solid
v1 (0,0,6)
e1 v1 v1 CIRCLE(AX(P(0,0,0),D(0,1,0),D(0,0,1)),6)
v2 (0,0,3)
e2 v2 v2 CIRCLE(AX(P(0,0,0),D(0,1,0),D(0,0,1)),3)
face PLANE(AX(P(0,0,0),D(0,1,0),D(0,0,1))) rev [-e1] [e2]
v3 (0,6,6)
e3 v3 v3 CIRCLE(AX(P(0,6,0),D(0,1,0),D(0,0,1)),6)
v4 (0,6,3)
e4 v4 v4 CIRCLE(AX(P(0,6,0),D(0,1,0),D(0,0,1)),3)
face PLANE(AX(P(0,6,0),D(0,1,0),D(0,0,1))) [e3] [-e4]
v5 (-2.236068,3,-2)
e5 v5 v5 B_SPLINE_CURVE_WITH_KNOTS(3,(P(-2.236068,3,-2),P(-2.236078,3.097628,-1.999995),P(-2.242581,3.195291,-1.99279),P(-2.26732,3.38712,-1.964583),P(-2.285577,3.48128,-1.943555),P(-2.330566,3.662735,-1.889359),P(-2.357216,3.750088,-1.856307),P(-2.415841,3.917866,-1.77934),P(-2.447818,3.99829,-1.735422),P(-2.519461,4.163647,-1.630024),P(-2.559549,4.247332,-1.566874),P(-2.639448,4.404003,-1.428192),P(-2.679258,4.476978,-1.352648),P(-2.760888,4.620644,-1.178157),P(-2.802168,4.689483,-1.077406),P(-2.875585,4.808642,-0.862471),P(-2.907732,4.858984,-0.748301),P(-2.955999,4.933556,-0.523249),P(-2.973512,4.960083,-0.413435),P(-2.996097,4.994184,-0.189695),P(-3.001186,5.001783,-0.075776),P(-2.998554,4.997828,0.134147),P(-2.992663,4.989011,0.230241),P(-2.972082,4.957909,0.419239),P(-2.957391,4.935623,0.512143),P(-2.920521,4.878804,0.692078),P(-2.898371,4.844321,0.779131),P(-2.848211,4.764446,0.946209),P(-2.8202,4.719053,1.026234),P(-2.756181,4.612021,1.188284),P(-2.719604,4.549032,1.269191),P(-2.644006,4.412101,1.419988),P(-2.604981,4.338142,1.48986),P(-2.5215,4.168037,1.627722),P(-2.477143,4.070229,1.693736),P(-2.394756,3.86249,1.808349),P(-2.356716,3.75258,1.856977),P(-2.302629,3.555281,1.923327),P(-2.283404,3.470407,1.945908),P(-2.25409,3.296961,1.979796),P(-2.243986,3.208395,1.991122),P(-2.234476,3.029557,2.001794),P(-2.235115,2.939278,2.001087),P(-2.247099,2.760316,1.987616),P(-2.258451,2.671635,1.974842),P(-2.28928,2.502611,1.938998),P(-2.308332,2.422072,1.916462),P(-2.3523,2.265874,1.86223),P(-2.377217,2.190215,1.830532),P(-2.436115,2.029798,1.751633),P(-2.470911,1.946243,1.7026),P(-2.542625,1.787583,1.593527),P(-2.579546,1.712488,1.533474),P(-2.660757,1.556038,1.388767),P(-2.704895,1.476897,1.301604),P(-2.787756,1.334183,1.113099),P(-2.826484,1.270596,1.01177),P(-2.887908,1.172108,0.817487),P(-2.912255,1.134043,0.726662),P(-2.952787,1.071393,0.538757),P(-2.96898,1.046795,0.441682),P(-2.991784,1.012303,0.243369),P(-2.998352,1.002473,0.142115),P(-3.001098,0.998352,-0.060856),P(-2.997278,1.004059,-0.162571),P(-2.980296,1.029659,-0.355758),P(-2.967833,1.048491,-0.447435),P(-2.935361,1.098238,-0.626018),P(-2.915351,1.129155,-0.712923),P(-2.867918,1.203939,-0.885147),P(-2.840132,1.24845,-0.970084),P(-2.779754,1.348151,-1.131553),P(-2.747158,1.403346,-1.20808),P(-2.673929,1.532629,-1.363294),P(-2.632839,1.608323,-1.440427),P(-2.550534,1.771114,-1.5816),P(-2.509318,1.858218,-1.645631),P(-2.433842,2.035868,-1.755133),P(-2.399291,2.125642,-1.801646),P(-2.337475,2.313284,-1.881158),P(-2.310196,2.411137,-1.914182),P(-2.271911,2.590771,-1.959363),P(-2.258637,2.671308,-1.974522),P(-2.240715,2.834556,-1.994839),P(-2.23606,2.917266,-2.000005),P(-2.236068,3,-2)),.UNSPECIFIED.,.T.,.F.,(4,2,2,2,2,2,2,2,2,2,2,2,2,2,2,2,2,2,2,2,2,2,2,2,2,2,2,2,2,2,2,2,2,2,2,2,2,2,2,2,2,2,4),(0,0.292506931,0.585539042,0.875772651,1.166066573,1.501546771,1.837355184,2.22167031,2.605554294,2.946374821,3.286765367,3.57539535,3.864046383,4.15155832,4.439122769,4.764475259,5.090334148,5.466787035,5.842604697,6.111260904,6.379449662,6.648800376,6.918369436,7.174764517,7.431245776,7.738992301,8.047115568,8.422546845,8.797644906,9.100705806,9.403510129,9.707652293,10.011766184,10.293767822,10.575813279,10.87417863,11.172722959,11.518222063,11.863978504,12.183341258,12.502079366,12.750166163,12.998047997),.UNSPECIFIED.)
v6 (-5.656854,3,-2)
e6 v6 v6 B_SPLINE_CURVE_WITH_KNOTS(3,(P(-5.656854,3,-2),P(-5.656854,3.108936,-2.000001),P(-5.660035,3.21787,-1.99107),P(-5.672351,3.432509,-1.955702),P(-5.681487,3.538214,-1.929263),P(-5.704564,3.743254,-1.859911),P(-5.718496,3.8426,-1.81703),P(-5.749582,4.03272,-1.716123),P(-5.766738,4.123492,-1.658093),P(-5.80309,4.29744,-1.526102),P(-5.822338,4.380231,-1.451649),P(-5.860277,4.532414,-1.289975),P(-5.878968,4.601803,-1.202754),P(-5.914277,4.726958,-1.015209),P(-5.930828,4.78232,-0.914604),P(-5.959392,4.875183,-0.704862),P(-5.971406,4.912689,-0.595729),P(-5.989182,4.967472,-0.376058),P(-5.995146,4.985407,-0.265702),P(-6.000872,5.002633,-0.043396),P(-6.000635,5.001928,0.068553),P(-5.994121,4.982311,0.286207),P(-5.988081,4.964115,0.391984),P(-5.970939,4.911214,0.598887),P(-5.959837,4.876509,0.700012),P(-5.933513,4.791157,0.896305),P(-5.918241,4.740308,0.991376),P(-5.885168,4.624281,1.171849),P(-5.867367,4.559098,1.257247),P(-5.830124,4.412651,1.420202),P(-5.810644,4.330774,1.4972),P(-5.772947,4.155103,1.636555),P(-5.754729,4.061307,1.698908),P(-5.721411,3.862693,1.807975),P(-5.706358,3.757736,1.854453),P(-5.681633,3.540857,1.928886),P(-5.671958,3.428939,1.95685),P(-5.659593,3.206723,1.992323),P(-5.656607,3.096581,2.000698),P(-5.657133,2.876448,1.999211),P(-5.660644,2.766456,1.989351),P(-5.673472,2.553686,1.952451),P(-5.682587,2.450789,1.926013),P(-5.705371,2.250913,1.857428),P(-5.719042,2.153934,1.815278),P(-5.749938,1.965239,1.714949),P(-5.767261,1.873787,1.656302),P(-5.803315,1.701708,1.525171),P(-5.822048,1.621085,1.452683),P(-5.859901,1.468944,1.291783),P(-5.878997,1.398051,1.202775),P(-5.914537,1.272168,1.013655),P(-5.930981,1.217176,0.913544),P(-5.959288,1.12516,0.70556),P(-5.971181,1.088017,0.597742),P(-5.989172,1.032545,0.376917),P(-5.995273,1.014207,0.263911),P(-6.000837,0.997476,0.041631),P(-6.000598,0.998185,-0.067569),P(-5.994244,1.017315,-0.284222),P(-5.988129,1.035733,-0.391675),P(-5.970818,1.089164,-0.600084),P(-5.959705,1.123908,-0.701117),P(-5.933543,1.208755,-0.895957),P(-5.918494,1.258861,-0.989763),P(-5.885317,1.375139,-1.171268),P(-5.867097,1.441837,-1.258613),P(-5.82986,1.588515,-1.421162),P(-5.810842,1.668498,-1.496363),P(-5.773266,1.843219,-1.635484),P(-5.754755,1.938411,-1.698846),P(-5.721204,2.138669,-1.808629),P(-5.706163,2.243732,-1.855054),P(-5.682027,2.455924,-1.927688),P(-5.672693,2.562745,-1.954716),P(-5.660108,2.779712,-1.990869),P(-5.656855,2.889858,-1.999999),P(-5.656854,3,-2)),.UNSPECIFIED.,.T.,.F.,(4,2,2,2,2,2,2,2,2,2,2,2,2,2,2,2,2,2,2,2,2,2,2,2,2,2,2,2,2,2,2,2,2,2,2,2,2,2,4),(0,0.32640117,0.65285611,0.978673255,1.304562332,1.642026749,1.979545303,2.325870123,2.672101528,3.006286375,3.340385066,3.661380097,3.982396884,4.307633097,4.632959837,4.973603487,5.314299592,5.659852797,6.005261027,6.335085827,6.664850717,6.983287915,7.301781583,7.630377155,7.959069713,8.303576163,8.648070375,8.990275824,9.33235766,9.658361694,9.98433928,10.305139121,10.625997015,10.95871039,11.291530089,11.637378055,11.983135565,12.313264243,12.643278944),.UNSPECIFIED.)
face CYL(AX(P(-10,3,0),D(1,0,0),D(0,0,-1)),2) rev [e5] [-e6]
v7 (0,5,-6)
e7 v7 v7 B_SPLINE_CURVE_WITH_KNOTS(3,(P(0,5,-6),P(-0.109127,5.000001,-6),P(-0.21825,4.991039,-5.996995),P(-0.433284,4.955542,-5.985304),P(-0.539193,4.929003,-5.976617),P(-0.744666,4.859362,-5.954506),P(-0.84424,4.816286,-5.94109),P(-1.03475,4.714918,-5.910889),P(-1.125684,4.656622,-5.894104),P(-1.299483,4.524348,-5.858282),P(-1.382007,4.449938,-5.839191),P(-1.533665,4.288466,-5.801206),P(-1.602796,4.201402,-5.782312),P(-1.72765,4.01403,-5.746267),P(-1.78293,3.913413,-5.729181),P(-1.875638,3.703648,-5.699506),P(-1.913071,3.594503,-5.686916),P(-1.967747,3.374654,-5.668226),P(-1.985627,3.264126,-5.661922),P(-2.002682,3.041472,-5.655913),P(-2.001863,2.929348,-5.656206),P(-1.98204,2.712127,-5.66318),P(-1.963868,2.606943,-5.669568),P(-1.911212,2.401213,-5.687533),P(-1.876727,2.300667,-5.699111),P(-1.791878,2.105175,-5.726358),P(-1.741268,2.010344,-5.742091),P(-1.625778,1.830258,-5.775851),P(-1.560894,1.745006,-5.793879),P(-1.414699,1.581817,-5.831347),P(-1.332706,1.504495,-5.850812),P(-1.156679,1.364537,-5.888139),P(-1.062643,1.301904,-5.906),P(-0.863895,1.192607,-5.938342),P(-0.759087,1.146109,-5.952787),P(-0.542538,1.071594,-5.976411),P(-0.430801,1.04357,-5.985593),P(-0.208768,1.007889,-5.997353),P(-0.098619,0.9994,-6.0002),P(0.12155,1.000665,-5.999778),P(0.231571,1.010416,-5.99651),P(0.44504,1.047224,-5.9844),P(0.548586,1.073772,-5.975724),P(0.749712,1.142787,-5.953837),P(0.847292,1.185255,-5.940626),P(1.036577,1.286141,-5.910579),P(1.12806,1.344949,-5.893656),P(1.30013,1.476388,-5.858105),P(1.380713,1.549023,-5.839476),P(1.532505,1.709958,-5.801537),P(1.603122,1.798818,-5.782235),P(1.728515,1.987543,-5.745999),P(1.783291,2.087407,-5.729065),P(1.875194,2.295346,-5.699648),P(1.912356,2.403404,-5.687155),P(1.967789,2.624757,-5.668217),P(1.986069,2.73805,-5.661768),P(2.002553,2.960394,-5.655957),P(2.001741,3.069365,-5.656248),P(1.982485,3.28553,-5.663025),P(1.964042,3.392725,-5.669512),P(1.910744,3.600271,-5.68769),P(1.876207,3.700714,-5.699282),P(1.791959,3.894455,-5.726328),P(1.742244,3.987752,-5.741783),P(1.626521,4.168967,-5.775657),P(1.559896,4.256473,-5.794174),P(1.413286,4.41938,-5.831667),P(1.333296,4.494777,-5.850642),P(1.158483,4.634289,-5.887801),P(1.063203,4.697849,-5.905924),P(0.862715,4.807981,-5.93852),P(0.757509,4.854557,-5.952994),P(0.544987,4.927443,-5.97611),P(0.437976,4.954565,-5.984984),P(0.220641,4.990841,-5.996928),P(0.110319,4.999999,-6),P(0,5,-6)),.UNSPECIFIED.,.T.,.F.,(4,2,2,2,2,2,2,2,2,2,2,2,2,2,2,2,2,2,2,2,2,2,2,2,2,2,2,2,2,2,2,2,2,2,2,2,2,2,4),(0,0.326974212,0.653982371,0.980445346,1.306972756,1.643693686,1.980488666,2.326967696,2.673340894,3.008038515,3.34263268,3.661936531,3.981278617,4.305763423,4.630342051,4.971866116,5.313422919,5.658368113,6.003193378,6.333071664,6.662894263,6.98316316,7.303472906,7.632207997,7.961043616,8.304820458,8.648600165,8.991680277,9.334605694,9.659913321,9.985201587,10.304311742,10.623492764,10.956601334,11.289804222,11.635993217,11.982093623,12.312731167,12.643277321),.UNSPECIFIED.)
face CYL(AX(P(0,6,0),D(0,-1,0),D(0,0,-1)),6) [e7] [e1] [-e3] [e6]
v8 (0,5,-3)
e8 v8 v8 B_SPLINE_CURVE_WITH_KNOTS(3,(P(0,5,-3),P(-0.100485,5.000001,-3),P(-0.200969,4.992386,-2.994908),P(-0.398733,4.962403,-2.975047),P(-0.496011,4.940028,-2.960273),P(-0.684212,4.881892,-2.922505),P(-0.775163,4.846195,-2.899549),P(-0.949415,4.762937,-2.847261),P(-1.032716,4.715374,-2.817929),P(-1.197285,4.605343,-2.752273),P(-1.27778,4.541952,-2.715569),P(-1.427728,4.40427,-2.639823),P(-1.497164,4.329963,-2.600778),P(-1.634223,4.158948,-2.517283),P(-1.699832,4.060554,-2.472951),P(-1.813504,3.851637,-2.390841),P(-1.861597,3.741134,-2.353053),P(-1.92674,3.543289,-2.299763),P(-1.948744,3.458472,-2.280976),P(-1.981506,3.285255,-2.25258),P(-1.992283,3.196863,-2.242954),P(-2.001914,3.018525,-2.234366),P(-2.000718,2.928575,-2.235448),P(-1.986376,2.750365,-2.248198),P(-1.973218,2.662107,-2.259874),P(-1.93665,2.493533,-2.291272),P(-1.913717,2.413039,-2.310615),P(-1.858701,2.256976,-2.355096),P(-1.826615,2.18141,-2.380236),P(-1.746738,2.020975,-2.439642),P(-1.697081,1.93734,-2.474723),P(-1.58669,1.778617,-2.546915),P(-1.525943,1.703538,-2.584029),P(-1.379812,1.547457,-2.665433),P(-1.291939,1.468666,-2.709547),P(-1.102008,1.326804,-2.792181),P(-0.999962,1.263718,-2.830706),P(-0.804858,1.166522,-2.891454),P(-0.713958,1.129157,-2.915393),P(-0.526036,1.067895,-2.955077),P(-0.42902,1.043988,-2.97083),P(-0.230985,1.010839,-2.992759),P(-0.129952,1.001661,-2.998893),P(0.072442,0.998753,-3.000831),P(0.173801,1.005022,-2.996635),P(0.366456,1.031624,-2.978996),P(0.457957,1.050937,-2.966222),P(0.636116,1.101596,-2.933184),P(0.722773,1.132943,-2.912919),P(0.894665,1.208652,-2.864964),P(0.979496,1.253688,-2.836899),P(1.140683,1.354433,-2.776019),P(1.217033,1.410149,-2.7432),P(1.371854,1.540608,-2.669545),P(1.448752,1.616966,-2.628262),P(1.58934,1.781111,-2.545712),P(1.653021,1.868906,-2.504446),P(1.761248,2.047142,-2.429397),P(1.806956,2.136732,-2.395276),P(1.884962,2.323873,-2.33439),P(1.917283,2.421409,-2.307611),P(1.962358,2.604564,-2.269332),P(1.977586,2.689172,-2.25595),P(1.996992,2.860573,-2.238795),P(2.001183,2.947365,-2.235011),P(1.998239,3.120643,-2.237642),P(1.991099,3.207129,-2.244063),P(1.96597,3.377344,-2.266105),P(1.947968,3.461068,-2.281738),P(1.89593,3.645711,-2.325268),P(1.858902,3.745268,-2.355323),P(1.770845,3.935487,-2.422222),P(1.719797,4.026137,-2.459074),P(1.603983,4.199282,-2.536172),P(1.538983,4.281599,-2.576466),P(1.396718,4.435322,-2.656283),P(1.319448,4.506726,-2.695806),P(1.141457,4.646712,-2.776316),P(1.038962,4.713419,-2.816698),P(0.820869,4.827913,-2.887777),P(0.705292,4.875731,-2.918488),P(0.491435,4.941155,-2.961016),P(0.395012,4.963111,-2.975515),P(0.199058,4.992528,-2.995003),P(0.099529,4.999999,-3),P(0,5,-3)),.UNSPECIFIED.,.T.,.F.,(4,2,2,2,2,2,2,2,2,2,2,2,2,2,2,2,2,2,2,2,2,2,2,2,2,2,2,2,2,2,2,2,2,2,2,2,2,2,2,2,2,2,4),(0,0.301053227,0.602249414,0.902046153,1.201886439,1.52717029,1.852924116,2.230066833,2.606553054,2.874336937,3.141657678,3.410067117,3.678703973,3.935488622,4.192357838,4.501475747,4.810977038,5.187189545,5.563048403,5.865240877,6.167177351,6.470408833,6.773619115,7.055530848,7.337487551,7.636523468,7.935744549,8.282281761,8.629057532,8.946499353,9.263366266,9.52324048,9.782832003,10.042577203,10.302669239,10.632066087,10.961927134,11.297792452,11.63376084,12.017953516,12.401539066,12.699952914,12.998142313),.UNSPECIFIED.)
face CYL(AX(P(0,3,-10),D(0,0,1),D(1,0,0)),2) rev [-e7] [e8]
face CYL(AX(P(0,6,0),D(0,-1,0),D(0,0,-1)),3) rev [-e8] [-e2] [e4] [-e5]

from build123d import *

# Parameters (mm, degrees)
SKETCH_1_R          = 6
SKETCH_1_R_2        = 3
EXTRUDE_1_DEPTH     = 6
SKETCH_2_R          = 2
CUT_EXTRUDE_1_DEPTH = 10
SKETCH_3_R          = 2
CUT_EXTRUDE_2_DEPTH = 10


with BuildPart() as part:
    # 草图1 → 凸台-拉伸1 (new body)
    with BuildSketch(Plane(origin=(0, 0, 0), x_dir=(1, 0, 0), z_dir=(0, 1, 0))):
        with Locations(Location((0, 0, 0), (0, 0, 270))):
            Circle(SKETCH_1_R)
        with Locations(Location((0, 0, 0), (0, 0, 270))):
            Circle(SKETCH_1_R_2, mode=Mode.SUBTRACT)
    extrude(amount=EXTRUDE_1_DEPTH)

    # 草图2 → 切除-拉伸1 (cut)
    with BuildSketch(Plane.XY):
        with Locations(Location((0, 3, 0), (0, 0, 90))):
            Circle(SKETCH_2_R)
    extrude(amount=-CUT_EXTRUDE_1_DEPTH, mode=Mode.SUBTRACT)

    # 草图3 → 切除-拉伸2 (cut)
    with BuildSketch(Plane(origin=(0, 0, 0), x_dir=(0, 0, -1), z_dir=(1, 0, 0))):
        with Locations((0, 3)):
            Circle(SKETCH_3_R)
    extrude(amount=-CUT_EXTRUDE_2_DEPTH, mode=Mode.SUBTRACT)


solid = part.part
